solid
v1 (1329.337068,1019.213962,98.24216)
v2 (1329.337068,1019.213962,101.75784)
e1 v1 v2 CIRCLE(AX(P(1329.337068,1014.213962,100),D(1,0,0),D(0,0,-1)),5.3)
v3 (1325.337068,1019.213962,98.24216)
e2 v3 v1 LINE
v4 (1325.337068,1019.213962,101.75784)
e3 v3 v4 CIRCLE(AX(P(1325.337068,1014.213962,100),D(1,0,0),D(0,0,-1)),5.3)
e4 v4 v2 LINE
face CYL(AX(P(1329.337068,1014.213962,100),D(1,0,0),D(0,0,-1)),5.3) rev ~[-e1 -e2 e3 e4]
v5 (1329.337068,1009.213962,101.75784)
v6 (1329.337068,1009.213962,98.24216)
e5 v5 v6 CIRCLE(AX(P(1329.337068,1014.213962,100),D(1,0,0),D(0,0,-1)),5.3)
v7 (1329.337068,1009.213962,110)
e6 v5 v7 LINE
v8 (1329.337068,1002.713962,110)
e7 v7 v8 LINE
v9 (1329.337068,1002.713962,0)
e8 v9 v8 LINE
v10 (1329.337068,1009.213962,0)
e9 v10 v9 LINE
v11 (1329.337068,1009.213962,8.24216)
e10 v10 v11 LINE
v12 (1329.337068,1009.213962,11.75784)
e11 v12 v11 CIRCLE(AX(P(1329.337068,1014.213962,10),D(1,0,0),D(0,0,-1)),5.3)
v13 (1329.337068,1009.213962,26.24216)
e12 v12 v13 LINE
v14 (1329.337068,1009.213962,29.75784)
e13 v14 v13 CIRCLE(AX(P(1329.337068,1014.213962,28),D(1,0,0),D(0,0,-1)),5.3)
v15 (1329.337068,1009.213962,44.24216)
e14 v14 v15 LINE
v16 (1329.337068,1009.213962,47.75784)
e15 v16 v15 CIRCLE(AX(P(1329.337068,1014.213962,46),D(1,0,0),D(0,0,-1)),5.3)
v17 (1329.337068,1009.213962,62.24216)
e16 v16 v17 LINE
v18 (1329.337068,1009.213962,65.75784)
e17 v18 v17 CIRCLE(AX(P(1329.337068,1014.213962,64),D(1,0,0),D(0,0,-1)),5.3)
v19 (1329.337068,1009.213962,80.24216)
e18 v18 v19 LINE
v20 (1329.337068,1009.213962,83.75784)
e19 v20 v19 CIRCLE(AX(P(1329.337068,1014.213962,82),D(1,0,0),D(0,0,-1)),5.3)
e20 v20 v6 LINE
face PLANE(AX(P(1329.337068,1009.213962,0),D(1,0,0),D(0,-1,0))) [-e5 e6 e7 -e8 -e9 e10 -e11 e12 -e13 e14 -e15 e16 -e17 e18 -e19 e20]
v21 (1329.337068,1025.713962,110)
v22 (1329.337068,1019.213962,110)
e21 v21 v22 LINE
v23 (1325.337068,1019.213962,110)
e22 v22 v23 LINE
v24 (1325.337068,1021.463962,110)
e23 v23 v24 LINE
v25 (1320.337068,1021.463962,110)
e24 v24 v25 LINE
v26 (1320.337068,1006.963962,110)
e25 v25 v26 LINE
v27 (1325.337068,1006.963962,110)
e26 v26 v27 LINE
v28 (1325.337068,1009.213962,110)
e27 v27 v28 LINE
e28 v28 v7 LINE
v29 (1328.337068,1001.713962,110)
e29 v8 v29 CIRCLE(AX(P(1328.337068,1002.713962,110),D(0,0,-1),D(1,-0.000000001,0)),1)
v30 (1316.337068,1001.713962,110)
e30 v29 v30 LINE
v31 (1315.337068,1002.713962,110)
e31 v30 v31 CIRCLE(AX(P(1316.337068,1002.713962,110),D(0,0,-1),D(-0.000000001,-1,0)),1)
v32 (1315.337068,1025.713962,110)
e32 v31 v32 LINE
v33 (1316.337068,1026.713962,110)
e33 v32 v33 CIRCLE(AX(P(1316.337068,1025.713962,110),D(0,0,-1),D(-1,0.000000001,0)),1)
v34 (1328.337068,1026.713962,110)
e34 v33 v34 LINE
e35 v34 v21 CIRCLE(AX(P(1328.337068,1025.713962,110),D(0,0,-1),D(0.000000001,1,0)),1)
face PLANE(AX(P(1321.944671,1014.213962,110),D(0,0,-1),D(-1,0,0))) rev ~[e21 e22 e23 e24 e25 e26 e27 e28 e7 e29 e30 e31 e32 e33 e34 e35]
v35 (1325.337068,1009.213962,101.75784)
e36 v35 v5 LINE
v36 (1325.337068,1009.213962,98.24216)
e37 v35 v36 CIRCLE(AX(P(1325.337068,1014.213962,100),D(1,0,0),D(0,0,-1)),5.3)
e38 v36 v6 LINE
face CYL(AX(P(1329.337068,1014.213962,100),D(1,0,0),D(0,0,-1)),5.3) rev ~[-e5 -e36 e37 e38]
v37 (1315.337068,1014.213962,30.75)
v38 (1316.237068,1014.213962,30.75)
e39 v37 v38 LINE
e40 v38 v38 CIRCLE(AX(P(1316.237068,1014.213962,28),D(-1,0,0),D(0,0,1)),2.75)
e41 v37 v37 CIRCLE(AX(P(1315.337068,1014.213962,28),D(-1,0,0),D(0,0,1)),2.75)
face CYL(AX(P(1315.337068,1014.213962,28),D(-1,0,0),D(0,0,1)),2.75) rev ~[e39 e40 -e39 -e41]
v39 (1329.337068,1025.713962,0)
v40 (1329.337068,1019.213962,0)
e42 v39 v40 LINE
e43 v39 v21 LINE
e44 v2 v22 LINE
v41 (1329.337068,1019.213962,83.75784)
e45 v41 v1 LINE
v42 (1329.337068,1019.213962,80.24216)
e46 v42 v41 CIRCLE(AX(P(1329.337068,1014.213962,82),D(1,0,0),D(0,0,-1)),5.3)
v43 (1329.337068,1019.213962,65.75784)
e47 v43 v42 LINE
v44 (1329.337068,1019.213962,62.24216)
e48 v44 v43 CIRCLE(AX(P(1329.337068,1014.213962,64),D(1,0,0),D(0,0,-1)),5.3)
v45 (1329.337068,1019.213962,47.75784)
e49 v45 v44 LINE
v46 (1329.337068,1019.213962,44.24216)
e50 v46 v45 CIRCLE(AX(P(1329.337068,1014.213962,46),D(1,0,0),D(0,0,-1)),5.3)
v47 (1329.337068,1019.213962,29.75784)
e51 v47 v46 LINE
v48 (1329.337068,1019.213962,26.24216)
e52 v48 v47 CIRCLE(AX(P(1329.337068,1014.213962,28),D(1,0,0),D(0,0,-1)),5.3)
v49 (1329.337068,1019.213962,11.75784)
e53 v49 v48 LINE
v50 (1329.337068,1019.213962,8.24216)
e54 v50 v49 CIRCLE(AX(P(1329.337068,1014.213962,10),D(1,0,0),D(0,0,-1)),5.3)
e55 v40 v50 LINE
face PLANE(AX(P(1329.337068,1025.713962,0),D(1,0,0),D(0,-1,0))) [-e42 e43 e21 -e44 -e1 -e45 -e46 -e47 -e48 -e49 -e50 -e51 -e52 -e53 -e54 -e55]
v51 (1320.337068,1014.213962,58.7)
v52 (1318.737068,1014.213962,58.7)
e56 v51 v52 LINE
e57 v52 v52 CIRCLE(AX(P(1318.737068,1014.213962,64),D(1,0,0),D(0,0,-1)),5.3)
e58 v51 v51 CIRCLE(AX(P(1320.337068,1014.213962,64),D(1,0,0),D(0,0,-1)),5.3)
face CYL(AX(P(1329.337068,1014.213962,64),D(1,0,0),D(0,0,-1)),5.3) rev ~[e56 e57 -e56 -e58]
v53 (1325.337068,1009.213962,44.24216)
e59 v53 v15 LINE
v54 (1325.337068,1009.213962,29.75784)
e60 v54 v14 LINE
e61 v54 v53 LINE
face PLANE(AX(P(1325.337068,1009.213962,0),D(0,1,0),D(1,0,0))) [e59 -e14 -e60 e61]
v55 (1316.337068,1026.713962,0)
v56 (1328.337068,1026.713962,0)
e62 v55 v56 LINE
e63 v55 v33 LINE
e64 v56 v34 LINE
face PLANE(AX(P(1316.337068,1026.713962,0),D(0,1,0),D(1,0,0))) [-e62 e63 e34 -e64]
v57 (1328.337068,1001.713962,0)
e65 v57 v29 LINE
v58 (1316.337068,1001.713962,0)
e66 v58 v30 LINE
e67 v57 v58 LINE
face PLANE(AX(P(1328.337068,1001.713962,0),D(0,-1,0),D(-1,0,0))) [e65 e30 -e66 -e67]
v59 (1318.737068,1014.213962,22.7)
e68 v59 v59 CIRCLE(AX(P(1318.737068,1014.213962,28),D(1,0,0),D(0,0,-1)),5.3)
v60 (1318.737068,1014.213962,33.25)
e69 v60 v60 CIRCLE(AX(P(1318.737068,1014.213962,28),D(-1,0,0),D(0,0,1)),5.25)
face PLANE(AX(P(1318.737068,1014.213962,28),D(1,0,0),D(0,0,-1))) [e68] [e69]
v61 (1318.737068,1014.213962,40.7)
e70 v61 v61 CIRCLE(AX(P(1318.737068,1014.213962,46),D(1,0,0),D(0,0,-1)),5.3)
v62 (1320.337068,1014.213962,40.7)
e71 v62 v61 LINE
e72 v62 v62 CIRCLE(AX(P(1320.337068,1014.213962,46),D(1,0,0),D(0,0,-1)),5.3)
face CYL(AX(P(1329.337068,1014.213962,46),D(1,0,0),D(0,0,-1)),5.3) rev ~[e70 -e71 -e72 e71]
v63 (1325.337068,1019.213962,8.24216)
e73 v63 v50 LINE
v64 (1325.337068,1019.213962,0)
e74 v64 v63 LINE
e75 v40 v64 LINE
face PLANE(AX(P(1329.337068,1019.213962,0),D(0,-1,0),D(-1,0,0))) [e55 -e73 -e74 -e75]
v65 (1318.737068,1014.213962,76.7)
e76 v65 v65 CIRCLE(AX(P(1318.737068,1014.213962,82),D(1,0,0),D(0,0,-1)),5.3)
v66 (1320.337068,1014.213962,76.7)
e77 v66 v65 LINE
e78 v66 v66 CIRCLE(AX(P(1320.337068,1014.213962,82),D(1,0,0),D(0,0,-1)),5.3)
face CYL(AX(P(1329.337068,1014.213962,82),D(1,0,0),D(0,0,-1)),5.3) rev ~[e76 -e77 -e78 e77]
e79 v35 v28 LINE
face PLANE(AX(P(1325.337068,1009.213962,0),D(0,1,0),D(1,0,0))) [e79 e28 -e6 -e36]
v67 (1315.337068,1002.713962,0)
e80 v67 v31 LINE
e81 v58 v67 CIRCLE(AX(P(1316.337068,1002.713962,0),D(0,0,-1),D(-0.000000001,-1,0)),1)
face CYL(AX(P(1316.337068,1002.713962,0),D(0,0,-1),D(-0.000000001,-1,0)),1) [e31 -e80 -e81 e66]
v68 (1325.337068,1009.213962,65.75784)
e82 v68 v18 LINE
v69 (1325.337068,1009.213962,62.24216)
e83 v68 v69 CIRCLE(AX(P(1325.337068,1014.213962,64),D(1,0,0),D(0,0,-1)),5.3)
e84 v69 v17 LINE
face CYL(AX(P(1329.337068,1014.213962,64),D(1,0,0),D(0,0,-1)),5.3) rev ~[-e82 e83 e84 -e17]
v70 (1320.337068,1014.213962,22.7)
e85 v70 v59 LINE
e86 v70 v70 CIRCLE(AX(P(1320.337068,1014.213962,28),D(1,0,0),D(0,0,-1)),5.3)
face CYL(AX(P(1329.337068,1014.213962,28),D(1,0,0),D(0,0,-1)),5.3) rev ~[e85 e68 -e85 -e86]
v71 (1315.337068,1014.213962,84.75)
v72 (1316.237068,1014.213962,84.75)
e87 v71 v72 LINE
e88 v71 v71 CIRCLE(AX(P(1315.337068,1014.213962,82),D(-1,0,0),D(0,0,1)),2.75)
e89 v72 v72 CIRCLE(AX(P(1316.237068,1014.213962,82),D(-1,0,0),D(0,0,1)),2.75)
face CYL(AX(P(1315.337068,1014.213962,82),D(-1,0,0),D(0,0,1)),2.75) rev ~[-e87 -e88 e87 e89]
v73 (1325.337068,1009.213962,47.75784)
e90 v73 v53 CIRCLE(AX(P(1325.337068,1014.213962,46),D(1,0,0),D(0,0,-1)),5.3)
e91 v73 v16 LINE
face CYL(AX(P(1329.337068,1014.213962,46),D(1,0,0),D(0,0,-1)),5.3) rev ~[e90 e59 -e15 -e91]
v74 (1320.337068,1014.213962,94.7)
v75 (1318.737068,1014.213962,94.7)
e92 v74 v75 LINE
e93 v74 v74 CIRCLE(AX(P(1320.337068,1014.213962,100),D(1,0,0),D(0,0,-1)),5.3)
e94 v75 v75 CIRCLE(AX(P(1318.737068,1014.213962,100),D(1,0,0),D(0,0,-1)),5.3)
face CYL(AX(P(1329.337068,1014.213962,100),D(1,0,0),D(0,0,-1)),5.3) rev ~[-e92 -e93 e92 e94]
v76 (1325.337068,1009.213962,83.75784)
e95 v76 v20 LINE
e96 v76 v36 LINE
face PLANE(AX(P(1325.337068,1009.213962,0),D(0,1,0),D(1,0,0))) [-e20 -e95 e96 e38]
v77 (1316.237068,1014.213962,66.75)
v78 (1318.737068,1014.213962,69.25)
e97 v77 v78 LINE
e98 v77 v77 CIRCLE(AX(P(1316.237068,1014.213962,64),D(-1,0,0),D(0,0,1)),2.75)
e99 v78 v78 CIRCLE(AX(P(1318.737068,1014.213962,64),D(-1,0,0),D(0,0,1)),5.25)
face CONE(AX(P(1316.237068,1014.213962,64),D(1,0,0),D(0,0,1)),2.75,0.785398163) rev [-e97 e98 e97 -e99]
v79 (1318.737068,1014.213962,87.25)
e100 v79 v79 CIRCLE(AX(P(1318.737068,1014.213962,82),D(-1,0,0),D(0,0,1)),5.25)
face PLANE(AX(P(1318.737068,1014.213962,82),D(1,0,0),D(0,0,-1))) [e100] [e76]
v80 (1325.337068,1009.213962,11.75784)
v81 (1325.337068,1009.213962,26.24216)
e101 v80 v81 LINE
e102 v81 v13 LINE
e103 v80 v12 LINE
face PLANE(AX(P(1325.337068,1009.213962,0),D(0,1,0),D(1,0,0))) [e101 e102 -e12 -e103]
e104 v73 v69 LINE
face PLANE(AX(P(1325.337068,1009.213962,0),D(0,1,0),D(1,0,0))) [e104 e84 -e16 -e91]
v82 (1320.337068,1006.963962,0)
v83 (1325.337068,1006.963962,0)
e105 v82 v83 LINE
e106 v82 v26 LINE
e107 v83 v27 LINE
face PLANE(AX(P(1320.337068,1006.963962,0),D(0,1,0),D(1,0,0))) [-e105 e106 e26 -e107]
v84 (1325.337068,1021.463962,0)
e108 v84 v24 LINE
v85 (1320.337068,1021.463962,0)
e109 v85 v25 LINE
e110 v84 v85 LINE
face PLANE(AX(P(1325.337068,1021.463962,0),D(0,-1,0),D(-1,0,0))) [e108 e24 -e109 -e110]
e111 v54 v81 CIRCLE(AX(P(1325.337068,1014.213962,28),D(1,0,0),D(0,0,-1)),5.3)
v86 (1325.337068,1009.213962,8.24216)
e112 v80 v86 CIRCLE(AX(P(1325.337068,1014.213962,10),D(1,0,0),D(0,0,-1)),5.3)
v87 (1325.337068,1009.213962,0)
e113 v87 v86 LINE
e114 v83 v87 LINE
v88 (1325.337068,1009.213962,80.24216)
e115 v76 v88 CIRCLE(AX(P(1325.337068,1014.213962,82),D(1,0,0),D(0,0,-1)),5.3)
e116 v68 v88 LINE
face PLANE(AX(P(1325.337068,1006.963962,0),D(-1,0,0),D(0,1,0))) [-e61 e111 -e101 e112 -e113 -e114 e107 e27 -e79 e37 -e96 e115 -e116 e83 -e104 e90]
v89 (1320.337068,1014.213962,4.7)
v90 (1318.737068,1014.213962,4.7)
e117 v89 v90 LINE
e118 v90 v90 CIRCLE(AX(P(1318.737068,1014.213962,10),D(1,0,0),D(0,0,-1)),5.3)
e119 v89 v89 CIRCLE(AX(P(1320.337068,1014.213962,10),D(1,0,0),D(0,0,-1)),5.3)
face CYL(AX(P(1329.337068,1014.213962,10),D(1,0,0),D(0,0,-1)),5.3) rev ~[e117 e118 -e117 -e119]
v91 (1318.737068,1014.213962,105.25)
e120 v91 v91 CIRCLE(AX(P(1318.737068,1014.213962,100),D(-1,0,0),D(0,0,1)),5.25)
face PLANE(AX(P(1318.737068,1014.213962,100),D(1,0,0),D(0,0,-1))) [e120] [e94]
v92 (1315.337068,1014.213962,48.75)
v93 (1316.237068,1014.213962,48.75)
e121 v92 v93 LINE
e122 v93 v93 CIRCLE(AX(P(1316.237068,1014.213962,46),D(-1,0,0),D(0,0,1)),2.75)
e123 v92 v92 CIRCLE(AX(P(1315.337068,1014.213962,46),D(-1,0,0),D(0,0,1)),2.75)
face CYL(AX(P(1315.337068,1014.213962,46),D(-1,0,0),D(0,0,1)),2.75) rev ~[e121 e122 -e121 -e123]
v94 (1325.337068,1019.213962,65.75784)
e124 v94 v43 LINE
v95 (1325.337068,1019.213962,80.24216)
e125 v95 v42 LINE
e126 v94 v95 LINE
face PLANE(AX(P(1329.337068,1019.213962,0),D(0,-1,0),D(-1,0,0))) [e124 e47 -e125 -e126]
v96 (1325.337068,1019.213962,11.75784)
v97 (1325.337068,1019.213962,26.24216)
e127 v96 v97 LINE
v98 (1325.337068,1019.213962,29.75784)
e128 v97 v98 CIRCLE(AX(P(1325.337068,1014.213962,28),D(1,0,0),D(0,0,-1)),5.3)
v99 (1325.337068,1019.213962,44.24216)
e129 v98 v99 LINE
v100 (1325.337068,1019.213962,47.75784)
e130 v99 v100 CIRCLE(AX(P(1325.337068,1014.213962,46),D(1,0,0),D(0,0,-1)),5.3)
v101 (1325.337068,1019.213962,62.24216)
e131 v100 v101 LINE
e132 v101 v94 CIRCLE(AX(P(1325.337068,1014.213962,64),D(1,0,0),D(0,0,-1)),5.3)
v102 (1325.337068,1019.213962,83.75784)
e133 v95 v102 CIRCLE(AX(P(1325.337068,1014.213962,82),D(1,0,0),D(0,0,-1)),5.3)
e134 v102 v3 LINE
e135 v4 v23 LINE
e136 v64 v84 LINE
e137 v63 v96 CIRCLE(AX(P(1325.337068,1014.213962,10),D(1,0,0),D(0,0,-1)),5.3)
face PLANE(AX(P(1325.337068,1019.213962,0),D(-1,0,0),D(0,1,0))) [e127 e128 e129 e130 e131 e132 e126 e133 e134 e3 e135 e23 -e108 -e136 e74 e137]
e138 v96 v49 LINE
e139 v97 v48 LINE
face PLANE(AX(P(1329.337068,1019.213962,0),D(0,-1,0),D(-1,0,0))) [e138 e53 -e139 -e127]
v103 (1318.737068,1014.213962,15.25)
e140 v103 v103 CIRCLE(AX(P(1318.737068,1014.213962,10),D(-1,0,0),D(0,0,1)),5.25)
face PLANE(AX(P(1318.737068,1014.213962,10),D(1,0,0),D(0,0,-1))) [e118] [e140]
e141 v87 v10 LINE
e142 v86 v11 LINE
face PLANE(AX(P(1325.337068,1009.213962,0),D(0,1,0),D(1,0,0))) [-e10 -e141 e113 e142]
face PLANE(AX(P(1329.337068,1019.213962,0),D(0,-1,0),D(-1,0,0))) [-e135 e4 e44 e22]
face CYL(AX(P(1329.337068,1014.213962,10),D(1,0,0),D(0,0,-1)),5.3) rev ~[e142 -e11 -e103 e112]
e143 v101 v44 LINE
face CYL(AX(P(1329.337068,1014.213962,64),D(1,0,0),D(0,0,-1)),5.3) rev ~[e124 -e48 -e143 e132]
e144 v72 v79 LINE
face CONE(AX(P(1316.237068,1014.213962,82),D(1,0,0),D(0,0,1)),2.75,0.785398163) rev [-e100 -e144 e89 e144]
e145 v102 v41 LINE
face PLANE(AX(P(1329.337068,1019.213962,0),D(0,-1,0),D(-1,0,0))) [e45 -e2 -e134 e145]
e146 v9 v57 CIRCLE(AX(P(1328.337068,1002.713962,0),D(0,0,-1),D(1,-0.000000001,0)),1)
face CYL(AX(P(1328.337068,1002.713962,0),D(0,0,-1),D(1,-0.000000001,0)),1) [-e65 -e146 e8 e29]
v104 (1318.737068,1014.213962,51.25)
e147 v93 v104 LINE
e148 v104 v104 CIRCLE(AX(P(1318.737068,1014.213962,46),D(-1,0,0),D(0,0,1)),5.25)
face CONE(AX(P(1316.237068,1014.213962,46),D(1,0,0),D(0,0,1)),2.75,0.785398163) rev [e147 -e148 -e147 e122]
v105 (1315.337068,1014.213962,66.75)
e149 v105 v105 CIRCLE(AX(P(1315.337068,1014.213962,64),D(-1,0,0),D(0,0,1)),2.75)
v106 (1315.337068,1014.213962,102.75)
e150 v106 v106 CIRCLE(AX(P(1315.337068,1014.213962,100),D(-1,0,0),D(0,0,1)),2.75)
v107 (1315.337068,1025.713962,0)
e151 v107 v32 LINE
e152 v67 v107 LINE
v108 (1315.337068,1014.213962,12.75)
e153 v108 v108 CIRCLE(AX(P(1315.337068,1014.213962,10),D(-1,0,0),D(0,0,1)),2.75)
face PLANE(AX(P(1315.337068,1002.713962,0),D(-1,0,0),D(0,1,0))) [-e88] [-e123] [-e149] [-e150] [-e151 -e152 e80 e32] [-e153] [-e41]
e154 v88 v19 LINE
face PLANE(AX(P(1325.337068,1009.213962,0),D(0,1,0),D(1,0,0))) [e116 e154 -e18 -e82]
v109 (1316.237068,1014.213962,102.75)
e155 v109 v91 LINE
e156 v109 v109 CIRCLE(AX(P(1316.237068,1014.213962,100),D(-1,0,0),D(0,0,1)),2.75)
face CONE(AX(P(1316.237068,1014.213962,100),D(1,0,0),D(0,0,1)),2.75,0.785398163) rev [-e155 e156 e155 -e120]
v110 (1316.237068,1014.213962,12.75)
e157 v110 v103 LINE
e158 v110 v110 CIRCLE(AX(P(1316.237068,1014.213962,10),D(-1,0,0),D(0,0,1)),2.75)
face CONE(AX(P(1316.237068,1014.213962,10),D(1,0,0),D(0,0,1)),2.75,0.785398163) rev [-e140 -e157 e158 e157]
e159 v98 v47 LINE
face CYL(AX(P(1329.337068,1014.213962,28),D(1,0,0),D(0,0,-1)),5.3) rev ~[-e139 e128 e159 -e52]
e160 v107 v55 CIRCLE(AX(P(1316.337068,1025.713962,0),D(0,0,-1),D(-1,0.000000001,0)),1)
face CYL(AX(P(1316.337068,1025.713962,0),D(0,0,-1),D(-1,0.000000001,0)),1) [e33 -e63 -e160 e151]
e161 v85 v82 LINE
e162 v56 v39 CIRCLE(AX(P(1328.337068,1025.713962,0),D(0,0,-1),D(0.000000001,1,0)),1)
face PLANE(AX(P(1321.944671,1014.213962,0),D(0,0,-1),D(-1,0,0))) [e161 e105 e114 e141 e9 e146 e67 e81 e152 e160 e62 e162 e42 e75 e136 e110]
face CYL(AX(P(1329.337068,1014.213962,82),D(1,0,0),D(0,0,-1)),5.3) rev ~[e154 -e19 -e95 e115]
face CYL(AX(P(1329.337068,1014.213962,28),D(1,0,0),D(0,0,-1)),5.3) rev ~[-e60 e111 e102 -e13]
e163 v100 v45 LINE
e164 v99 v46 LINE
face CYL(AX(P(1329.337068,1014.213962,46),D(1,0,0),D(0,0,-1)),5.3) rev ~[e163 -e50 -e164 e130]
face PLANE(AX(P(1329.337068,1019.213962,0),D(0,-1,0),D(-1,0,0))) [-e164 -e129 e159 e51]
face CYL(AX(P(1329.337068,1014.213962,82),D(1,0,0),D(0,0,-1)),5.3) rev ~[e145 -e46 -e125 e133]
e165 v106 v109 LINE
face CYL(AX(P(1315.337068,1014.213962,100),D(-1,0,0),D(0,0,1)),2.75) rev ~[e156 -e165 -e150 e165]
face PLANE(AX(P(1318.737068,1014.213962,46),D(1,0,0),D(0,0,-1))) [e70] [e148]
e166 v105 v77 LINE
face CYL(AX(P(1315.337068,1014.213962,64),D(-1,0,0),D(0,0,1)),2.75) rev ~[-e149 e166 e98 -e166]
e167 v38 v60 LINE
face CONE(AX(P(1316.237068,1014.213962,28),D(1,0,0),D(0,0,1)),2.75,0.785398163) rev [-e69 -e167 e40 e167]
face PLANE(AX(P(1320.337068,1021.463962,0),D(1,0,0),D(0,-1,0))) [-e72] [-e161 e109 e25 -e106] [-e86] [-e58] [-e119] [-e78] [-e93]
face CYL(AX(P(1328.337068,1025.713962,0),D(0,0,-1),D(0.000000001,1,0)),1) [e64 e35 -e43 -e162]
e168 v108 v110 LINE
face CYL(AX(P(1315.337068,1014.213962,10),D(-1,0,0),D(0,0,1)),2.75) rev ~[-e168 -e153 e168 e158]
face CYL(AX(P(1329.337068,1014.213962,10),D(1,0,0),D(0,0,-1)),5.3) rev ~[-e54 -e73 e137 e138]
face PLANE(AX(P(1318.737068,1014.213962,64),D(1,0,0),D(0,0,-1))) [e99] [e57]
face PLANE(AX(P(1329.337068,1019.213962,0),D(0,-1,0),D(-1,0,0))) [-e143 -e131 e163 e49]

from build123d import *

# Parameters (mm, degrees)
EXTRUDE_1_DEPTH     = 110
SKETCH_2_R          = 2.75
CUT_EXTRUDE_2_DEPTH = 110
SKETCH_3_R          = 5.3
CUT_EXTRUDE_3_DEPTH = 10.6
CHAMFER_1_SIZE      = 2.5
CHAMFER_2_SIZE      = 2.5
CHAMFER_3_SIZE      = 2.5
CHAMFER_4_SIZE      = 2.5
CHAMFER_5_SIZE      = 2.5
CHAMFER_6_SIZE      = 2.5


with BuildPart() as part:
    # 草图1 → 拉伸1 (new body)
    with BuildSketch(Plane.XY):
        with BuildLine():
            Line((1315.337068447, 1002.71396169), (1315.337068447, 1025.71396169))
            ThreePointArc((1315.337068447, 1025.71396169), (1315.629961666, 1026.421068471), (1316.337068447, 1026.71396169))
            Line((1316.337068447, 1026.71396169), (1328.337068447, 1026.71396169))
            ThreePointArc((1328.337068447, 1026.71396169), (1329.044175228, 1026.421068471), (1329.337068447, 1025.71396169))
            Line((1329.337068447, 1025.71396169), (1329.337068447, 1019.21396169))
            Line((1329.337068447, 1019.21396169), (1325.337068447, 1019.21396169))
            Line((1325.337068447, 1019.21396169), (1325.337068447, 1021.46396169))
            Line((1325.337068447, 1021.46396169), (1320.337068447, 1021.46396169))
            Line((1320.337068447, 1021.46396169), (1320.337068447, 1006.96396169))
            Line((1320.337068447, 1006.96396169), (1325.337068447, 1006.96396169))
            Line((1325.337068447, 1006.96396169), (1325.337068447, 1009.21396169))
            Line((1325.337068447, 1009.21396169), (1329.337068447, 1009.21396169))
            Line((1329.337068447, 1009.21396169), (1329.337068447, 1002.71396169))
            ThreePointArc((1329.337068447, 1002.71396169), (1329.044175228, 1002.006854909), (1328.337068447, 1001.71396169))
            Line((1328.337068447, 1001.71396169), (1316.337068447, 1001.71396169))
            ThreePointArc((1316.337068447, 1001.71396169), (1315.629961666, 1002.006854909), (1315.337068447, 1002.71396169))
        make_face()
    extrude(amount=EXTRUDE_1_DEPTH)

    # 草图2 → 拉伸2 (cut)
    with BuildSketch(Plane.ZY.offset(-1315.337068447)):
        with Locations((100, 1014.21396169)):
            Circle(SKETCH_2_R)
        with Locations((82, 1014.21396169)):
            Circle(SKETCH_2_R)
        with Locations((64, 1014.21396169)):
            Circle(SKETCH_2_R)
        with Locations((46, 1014.21396169)):
            Circle(SKETCH_2_R)
        with Locations((28, 1014.21396169)):
            Circle(SKETCH_2_R)
        with Locations((10, 1014.21396169)):
            Circle(SKETCH_2_R)
    extrude(amount=-CUT_EXTRUDE_2_DEPTH, mode=Mode.SUBTRACT)

    # 草图3 → 拉伸3 (cut)
    with BuildSketch(Plane(origin=(1329.337068447, 0, 0), x_dir=(0, 0, -1), z_dir=(1, 0, 0))):
        with Locations((-100, 1014.21396169)):
            Circle(SKETCH_3_R)
        with Locations((-82, 1014.21396169)):
            Circle(SKETCH_3_R)
        with Locations((-64, 1014.21396169)):
            Circle(SKETCH_3_R)
        with Locations((-46, 1014.21396169)):
            Circle(SKETCH_3_R)
        with Locations((-28, 1014.21396169)):
            Circle(SKETCH_3_R)
        with Locations((-10, 1014.21396169)):
            Circle(SKETCH_3_R)
    extrude(amount=-CUT_EXTRUDE_3_DEPTH, mode=Mode.SUBTRACT)

    # 倒角1
    chamfer_1_edges = [part.edges().sort_by_distance(p)[0] for p in [
        (1318.737068447, 1014.21396169, 97.25),
    ]]
    chamfer(chamfer_1_edges, length=CHAMFER_1_SIZE)

    # 倒角2
    chamfer_2_edges = [part.edges().sort_by_distance(p)[0] for p in [
        (1318.737068447, 1014.21396169, 79.25),
    ]]
    chamfer(chamfer_2_edges, length=CHAMFER_2_SIZE)

    # 倒角3
    chamfer_3_edges = [part.edges().sort_by_distance(p)[0] for p in [
        (1318.737068447, 1014.21396169, 61.25),
    ]]
    chamfer(chamfer_3_edges, length=CHAMFER_3_SIZE)

    # 倒角4
    chamfer_4_edges = [part.edges().sort_by_distance(p)[0] for p in [
        (1318.737068447, 1014.21396169, 43.25),
    ]]
    chamfer(chamfer_4_edges, length=CHAMFER_4_SIZE)

    # 倒角5
    chamfer_5_edges = [part.edges().sort_by_distance(p)[0] for p in [
        (1318.737068447, 1014.21396169, 25.25),
    ]]
    chamfer(chamfer_5_edges, length=CHAMFER_5_SIZE)

    # 倒角6
    chamfer_6_edges = [part.edges().sort_by_distance(p)[0] for p in [
        (1318.737068447, 1014.21396169, 7.25),
    ]]
    chamfer(chamfer_6_edges, length=CHAMFER_6_SIZE)


solid = part.part
